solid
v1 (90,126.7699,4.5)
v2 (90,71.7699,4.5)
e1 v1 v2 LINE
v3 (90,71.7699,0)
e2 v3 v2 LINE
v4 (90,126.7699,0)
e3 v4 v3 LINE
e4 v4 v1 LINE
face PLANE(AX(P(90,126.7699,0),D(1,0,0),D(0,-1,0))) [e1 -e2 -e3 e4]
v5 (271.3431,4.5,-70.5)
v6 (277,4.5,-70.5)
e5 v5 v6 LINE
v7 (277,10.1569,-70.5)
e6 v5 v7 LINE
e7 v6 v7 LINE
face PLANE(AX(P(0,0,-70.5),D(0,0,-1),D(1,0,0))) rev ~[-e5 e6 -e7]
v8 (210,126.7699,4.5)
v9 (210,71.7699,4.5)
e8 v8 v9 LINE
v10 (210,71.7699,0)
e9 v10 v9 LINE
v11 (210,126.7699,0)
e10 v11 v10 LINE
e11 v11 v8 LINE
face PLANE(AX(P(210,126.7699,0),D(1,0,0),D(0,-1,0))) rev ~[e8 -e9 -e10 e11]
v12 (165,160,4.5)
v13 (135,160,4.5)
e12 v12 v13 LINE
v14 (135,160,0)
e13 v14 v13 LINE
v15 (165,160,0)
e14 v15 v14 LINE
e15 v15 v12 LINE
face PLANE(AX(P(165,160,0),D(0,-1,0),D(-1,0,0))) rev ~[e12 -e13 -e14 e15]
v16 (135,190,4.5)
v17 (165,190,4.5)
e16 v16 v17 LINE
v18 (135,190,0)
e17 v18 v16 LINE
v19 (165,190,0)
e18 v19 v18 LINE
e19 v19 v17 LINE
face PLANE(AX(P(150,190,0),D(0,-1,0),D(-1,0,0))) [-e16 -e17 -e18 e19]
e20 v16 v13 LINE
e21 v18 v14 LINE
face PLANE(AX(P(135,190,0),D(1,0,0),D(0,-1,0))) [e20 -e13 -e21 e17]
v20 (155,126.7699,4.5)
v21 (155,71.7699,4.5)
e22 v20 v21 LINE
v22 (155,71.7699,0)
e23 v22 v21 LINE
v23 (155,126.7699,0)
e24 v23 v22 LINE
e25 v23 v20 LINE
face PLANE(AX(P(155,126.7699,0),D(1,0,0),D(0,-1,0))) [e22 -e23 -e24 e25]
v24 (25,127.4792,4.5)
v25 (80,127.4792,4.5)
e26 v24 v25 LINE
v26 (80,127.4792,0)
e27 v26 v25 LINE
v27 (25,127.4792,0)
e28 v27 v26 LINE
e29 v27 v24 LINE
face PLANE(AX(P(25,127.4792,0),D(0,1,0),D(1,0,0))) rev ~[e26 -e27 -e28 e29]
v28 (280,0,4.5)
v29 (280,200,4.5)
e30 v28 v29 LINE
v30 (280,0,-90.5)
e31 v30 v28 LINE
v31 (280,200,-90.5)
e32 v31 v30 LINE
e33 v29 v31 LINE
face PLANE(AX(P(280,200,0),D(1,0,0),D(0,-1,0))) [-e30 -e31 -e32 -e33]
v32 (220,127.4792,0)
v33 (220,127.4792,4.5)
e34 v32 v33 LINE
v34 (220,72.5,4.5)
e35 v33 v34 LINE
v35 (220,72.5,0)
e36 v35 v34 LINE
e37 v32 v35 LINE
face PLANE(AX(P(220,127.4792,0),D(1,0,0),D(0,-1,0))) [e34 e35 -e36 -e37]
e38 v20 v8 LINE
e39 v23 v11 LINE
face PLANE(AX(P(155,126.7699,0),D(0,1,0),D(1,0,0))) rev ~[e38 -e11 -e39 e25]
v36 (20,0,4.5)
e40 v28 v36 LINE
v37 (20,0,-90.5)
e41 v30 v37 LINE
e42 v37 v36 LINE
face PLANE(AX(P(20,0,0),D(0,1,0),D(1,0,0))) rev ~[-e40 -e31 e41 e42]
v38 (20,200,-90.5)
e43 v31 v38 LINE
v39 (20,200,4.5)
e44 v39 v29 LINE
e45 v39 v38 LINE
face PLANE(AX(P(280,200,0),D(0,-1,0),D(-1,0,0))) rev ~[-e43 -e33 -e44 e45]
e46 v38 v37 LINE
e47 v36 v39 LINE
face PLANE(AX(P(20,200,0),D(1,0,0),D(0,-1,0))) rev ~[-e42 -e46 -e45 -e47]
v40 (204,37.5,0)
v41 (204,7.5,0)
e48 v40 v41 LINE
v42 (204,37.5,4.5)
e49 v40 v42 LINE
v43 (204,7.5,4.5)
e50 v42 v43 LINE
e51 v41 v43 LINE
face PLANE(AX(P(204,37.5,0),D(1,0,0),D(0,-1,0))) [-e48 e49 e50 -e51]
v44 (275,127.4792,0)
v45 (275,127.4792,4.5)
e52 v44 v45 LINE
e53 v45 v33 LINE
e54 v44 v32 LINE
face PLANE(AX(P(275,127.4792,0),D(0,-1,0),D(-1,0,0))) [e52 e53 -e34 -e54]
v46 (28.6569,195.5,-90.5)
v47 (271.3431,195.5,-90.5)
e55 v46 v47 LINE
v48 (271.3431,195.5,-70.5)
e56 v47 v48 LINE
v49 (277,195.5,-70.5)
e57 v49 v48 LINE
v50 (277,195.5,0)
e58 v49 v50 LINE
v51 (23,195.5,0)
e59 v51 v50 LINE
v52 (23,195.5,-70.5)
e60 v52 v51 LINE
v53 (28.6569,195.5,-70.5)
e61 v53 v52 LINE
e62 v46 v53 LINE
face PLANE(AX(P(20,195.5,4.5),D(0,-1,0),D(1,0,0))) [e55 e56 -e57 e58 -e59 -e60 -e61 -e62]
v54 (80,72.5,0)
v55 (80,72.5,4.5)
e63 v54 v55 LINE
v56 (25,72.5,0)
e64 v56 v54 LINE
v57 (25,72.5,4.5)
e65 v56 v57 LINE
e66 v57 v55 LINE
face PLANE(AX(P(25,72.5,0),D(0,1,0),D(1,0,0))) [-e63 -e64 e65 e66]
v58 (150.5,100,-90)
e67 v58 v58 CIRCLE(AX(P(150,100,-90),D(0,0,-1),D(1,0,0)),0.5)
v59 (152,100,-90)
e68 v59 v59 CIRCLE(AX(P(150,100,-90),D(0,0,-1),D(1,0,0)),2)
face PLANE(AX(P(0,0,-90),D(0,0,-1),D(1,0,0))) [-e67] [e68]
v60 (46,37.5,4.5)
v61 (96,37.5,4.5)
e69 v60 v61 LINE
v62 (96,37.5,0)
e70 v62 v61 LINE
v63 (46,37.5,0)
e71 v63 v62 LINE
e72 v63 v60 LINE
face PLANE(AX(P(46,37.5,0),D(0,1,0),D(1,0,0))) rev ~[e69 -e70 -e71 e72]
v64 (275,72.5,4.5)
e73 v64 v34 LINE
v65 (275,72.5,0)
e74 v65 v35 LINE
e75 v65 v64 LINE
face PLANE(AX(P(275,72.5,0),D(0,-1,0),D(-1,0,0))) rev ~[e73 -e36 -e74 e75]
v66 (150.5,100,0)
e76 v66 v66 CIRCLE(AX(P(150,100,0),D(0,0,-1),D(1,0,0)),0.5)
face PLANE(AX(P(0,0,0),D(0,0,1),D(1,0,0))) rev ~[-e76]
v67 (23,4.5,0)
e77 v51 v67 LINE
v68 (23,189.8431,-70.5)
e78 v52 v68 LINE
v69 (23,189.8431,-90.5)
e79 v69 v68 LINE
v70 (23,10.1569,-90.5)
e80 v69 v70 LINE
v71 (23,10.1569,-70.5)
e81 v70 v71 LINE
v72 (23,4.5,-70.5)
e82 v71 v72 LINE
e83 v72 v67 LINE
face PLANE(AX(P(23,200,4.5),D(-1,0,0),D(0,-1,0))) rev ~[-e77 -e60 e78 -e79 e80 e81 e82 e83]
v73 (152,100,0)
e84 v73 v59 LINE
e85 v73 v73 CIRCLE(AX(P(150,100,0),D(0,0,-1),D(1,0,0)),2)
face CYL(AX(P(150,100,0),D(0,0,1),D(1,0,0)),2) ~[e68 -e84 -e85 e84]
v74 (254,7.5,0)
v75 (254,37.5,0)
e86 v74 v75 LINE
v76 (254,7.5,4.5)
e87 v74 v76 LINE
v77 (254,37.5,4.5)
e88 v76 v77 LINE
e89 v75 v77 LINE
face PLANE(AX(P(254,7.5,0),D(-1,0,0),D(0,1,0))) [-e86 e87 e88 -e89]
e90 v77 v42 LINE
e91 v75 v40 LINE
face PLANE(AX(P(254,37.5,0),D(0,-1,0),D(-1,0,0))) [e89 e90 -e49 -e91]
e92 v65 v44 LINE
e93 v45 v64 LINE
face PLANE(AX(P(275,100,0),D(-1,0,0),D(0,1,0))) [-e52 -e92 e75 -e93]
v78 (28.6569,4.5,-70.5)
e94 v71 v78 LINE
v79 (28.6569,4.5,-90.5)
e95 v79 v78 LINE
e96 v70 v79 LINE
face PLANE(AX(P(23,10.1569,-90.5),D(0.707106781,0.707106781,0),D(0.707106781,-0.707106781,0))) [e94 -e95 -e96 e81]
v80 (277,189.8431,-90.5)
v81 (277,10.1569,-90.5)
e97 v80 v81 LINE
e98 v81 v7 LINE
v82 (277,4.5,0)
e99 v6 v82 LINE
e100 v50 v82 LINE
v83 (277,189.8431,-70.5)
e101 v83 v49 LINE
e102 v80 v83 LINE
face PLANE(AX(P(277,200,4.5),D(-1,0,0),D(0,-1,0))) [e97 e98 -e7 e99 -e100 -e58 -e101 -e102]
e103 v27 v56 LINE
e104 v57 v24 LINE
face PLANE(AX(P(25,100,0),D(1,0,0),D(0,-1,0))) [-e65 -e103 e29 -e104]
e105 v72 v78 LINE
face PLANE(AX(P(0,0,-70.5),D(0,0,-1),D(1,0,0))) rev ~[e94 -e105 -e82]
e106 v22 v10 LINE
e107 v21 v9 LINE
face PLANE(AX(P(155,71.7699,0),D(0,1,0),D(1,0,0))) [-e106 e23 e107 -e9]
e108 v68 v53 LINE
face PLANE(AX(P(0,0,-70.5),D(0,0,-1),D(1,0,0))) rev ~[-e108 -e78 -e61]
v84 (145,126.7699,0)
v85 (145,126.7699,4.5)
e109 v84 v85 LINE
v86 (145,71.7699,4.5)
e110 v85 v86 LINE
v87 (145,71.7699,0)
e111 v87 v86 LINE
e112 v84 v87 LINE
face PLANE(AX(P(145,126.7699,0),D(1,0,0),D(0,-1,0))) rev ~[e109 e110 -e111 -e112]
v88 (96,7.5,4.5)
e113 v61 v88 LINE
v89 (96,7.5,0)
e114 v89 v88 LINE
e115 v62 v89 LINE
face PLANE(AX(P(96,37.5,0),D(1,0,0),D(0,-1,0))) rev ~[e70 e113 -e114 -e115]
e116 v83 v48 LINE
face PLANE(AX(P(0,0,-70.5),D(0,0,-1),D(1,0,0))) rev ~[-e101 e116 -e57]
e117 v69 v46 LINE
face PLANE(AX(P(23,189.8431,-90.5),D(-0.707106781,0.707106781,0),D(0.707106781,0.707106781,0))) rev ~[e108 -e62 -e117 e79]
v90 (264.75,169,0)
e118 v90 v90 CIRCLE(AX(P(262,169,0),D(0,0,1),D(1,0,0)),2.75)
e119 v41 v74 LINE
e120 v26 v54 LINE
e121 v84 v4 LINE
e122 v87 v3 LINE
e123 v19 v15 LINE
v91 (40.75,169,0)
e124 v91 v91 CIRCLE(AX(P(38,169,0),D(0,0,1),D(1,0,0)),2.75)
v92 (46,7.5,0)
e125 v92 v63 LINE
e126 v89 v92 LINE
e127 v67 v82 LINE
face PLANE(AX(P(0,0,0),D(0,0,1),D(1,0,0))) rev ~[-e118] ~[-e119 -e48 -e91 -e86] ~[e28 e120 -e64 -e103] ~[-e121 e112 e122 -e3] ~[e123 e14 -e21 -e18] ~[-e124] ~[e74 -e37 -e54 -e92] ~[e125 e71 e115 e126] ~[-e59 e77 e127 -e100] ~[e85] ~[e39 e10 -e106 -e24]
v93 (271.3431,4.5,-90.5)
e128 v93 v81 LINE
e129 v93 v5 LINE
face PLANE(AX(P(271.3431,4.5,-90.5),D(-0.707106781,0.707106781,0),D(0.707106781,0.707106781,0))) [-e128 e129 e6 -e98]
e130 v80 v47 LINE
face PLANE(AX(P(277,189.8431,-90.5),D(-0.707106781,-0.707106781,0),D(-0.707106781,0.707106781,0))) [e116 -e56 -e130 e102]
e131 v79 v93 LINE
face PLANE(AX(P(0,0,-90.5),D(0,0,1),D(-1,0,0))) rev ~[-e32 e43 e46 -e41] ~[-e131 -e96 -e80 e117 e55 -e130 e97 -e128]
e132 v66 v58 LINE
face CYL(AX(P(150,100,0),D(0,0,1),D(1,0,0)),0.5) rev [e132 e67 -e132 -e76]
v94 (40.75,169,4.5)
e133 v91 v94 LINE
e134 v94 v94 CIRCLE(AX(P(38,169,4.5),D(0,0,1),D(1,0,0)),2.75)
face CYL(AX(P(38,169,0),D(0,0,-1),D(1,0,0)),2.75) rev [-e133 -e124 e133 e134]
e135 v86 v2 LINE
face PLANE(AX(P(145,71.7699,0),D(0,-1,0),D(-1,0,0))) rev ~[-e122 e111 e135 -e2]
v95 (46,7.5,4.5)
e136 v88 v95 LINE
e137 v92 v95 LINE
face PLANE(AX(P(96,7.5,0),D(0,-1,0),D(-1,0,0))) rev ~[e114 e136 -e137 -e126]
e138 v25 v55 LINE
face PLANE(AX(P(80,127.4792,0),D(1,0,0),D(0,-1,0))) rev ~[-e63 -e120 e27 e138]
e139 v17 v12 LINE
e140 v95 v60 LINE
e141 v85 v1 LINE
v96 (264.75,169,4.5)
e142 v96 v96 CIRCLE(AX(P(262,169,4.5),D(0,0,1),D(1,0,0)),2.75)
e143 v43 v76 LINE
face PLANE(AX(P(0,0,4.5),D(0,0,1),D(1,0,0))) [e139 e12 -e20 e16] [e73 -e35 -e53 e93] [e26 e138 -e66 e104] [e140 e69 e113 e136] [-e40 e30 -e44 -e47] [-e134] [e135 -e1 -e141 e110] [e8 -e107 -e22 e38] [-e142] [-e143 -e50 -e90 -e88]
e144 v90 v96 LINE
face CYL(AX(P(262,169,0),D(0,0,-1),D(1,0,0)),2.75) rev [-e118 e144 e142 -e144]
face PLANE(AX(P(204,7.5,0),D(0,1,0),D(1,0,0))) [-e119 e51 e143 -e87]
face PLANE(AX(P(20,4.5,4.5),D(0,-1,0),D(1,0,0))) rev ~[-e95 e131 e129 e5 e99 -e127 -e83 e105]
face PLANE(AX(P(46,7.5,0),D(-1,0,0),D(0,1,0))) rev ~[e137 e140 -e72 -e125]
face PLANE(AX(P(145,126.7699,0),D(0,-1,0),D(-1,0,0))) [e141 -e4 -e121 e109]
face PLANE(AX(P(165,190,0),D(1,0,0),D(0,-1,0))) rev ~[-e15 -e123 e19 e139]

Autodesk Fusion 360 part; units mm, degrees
sketch "Sketch1" plane through (0, 0, 0) normal (0, 0, 1) x (1, 0, 0)
  line L0 (0, -35) -> (0, -33.2289) construction
  line L1 (0, -33.2289) -> (0, 259.056) construction
  line L2 (-97.9811, 0) -> (484.4158, 0) construction
  line L3 (0, 0) -> (300, 0)
  line L4 (300, 0) -> (300, 200)
  line L5 (300, 200) -> (0, 200)
  line L6 (0, 200) -> (0, 0)
  line L7 (-60, 100) -> (400, 100) construction
  line L8 (25, 100) -> (25, 127.4792)
  line L9 (25, 100) -> (25, 72.5)
  line L10 (25, 127.4792) -> (80, 127.4792)
  line L11 (25, 72.5) -> (80, 72.5)
  line L12 (80, 127.4792) -> (80, 72.5)
  line L13 (21.5, 100) -> (21.5, 131) construction
  line L14 (21.5, 131) -> (83.5, 131) construction
  line L15 (21.4997, 69) -> (83.5, 69) construction
  circle A0 centre (52.5, 100) radius 31 construction
  circle A1 centre (52.5, 100) radius 27.5 construction
  line L16 (83.5, 131) -> (83.5, 69) construction
  line L17 (290, 69) -> (228, 69) construction
  line L18 (290, 100) -> (290, 69) construction
  line L19 (290, 100) -> (290, 131) construction
  line L20 (290, 131) -> (228, 131) construction
  line L21 (228, 131) -> (228, 69) construction
  line L22 (145, 126.7699) -> (90, 126.7699)
  line L23 (146, 151.2972) -> (93.5, 114.6946) construction
  line L24 (93.5, 114.6946) -> (93.5, 69) construction
  line L25 (146, 69) -> (93.5, 69) construction
  line L26 (146, 100) -> (146, 69) construction
  line L27 (146, 100) -> (146, 151.2972) construction
  line L28 (145, 71.7699) -> (90, 71.7699)
  line L29 (90, 126.7699) -> (90, 71.7699)
  line L30 (156, 131) -> (218, 131) construction
  line L31 (218, 131) -> (218, 69) construction
  line L32 (156, 100) -> (156, 131) construction
  line L33 (156, 100) -> (156, 69) construction
  line L34 (156, 69) -> (218, 69) construction
  line L35 (46, 37.5) -> (96, 37.5)
  line L36 (96, 7.5) -> (46, 7.5)
  line L37 (46, 7.5) -> (46, 37.5)
  line L38 (96, 37.5) -> (96, 7.5)
  line L39 (94, 6) -> (44, 6) construction
  line L40 (44, 6) -> (44, 39) construction
  line L41 (44, 39) -> (94, 39) construction
  line L42 (94, 39) -> (94, 6) construction
  line L43 (94, 6) -> (44, 39) construction
  line L44 (44, 6) -> (94, 39) construction
  line L45 (254, 37.5) -> (204, 37.5)
  line L46 (254, 7.5) -> (254, 37.5)
  line L47 (204, 7.5) -> (254, 7.5)
  line L48 (204, 37.5) -> (204, 7.5)
  circle A2 centre (38, 169) radius 2.75
  circle A3 centre (262, 169) radius 2.75
  line L49 (150, 200) -> (150, 0) construction
  line L50 (145, 126.7699) -> (145, 71.7699)
  line L51 (150, 190) -> (135, 190)
  line L52 (150, 190) -> (165, 190)
  line L53 (135, 190) -> (135, 160)
  line L54 (165, 190) -> (165, 160)
  line L55 (165, 160) -> (135, 160)
  line L56 (155, 126.7699) -> (155, 71.7699)
  line L57 (155, 126.7699) -> (210, 126.7699)
  line L58 (155, 71.7699) -> (210, 71.7699)
  line L59 (210, 126.7699) -> (210, 71.7699)
  line L60 (220, 127.4792) -> (220, 72.5)
  line L61 (275, 127.4792) -> (220, 127.4792)
  line L62 (275, 100) -> (275, 127.4792)
  line L63 (275, 100) -> (275, 72.5)
  line L64 (275, 72.5) -> (220, 72.5)
  line L65 (280, 200) -> (280, 0)
  line L66 (20, 200) -> (20, 0)
  point P0 (69, 22.5)
  dimension "d1" = 300
  dimension "d2" = 200
  dimension "d9" = 27.5
  dimension "d12" = 31
  dimension "d13" = 31
  dimension "d14" = 62
  dimension "d15" = 62
  dimension "d17" = 62
  dimension "d18" = 55
  dimension "d31" = 50
  dimension "d32" = 30
  dimension "d37" = 50
  dimension "d38" = 33
  dimension "d39" = 46
  dimension "d40" = 30
  dimension "d41" = 31.5
  dimension "d42" = 5.5
  dimension "d43" = 38
  dimension "d44" = 38
  dimension "d54" = 10
  dimension "d55" = 4
  dimension "d56" = 64
  dimension "d57" = 55
  dimension "d62" = 55
  dimension "d64" = 55
  dimension "d65" = 90
  dimension "d66" = 90
  dimension "d67" = 90
  dimension "d68" = 90
  dimension "d69" = 10
  dimension "d70" = 5
  dimension "d71" = 15
  dimension "d72" = 15
  dimension "d73" = 30
  dimension "d74" = 46
  dimension "d75" = 50
  dimension "d76" = 30
  dimension "d79" = 20
  dimension "d80" = 20
sketch "Sketch2" plane through (0, 0, 5) normal (0, 0, 1) x (-1, 0, 0)
  line L0 (-145, -71.7699) -> (-90, -71.7699)
  line L1 (-90, -71.7699) -> (-90, -126.7699)
  line L2 (-90, -126.7699) -> (-145, -126.7699)
  circle A0 centre (-38, -169) radius 2.75
  circle A1 centre (-262, -169) radius 2.75
  line L3 (-204, -7.5) -> (-204, -37.5)
  line L4 (-204, -37.5) -> (-254, -37.5)
  line L5 (-254, -37.5) -> (-254, -7.5)
  line L6 (-254, -7.5) -> (-204, -7.5)
  line L7 (-46, -37.5) -> (-96, -37.5)
  line L8 (-96, -37.5) -> (-96, -7.5)
  line L9 (-96, -7.5) -> (-46, -7.5)
  line L10 (-46, -7.5) -> (-46, -37.5)
  line L11 (-25, -72.5) -> (-25, -127.4792)
  line L12 (-25, -127.4792) -> (-80, -127.4792)
  line L13 (-80, -127.4792) -> (-80, -72.5)
  line L14 (-80, -72.5) -> (-25, -72.5)
  line L15 (0, -200) -> (0, 0)
  line L16 (0, 0) -> (-300, 0)
  line L17 (-300, 0) -> (-300, -200)
  line L18 (-300, -200) -> (0, -200)
  line L19 (0, -200) -> (0, 0)
  line L20 (-1, -200) -> (-1, 0)
  line L21 (-299, -200) -> (-299, 0)
  line L22 (-300, -200) -> (-300, 0)
  line L23 (-299, -200) -> (-300, -200)
  line L24 (-300, 0) -> (-299, 0)
  line L25 (-1, 0) -> (0, 0)
  line L26 (0, -200) -> (-1, -200)
  line L27 (-145, -126.7699) -> (-145, -71.7699)
  dimension "d49" = 1
  dimension "d50" = 1
sketch "Sketch5" plane through (0, 0, 0) normal (0, 0, 1) x (1, 0, 0)
  line L0 (20, 200) -> (20, 0)
  line L1 (0, -33.2289) -> (0, 259.056)
  line L2 (280, 200) -> (280, 0)
  line L3 (300, 0) -> (300, 200)
  dimension "d77" = 20
  dimension "d78" = 20
extrude "Extrude4" add sketch "Sketch1" along normal blind 4.5 contours L3 L5 L65 L66
sketch "Sketch6" plane through (0, 0, 4.5) normal (0, 0, 1) x (-1, 0, 0)
  circle A0 centre (-262, -169) radius 2.75
  line L0 (-90, -71.7699) -> (-90, -126.7699)
  line L1 (-90, -126.7699) -> (-145, -126.7699)
  line L2 (-145, -126.7699) -> (-145, -71.7699)
  line L3 (-145, -71.7699) -> (-90, -71.7699)
  line L4 (-25, -72.5) -> (-25, -127.4792)
  line L5 (-25, -127.4792) -> (-80, -127.4792)
  line L6 (-80, -127.4792) -> (-80, -72.5)
  line L7 (-80, -72.5) -> (-25, -72.5)
  line L8 (-46, -37.5) -> (-96, -37.5)
  line L9 (-96, -37.5) -> (-96, -7.5)
  line L10 (-96, -7.5) -> (-46, -7.5)
  line L11 (-46, -7.5) -> (-46, -37.5)
  line L12 (-204, -7.5) -> (-204, -37.5)
  line L13 (-204, -37.5) -> (-254, -37.5)
  line L14 (-254, -37.5) -> (-254, -7.5)
  line L15 (-254, -7.5) -> (-204, -7.5)
  line L16 (-135, -190) -> (-165, -190)
  line L17 (-165, -190) -> (-165, -160)
  line L18 (-165, -160) -> (-135, -160)
  line L19 (-135, -160) -> (-135, -190)
  circle A1 centre (-38, -169) radius 2.75
  line L20 (-155, -71.7699) -> (-155, -126.7699)
  line L21 (-155, -126.7699) -> (-210, -126.7699)
  line L22 (-210, -126.7699) -> (-210, -71.7699)
  line L23 (-210, -71.7699) -> (-155, -71.7699)
  line L24 (-275, -127.4792) -> (-275, -72.5)
  line L25 (-275, -72.5) -> (-220, -72.5)
  line L26 (-220, -72.5) -> (-220, -127.4792)
  line L27 (-220, -127.4792) -> (-275, -127.4792)
  line L28 (-280, -200) -> (-20, -200)
  line L29 (-20, -200) -> (-20, 0)
  line L30 (-20, 0) -> (-280, 0)
  line L31 (-280, 0) -> (-280, -200)
  line L32 (-23, -200) -> (-23, 0)
  line L33 (-277, -200) -> (-277, 0)
  line L34 (-23, -200) -> (-20, -200)
  line L35 (-20, -200) -> (-20, 0)
  line L36 (-23, 0) -> (-20, 0)
  line L37 (-277, 0) -> (-280, 0)
  line L38 (-280, 0) -> (-280, -200)
  line L39 (-277, -200) -> (-280, -200)
  dimension "d83" = 3
  dimension "d84" = 3
extrude "Extrude5" add sketch "Sketch6" against normal blind 95 contours L28 L30 L31 L33 L37 L38 L39 | L28 L29 L30 L32 L34 L35 L36
sketch "Sketch7" plane through (0, 0, 4.5) normal (0, 0, 1) x (-1, 0, 0)
  line L0 (-20, 0) -> (-280, 0)
  line L1 (-280, 0) -> (-280, -200)
  line L2 (-280, -200) -> (-20, -200)
  line L3 (-20, -200) -> (-20, 0)
  circle A0 centre (-262, -169) radius 2.75
  line L4 (-90, -71.7699) -> (-90, -126.7699)
  line L5 (-90, -126.7699) -> (-145, -126.7699)
  line L6 (-145, -126.7699) -> (-145, -71.7699)
  line L7 (-145, -71.7699) -> (-90, -71.7699)
  line L8 (-25, -72.5) -> (-25, -127.4792)
  line L9 (-25, -127.4792) -> (-80, -127.4792)
  line L10 (-80, -127.4792) -> (-80, -72.5)
  line L11 (-80, -72.5) -> (-25, -72.5)
  line L12 (-46, -37.5) -> (-96, -37.5)
  line L13 (-96, -37.5) -> (-96, -7.5)
  line L14 (-96, -7.5) -> (-46, -7.5)
  line L15 (-46, -7.5) -> (-46, -37.5)
  line L16 (-204, -7.5) -> (-204, -37.5)
  line L17 (-204, -37.5) -> (-254, -37.5)
  line L18 (-254, -37.5) -> (-254, -7.5)
  line L19 (-254, -7.5) -> (-204, -7.5)
  line L20 (-135, -190) -> (-165, -190)
  line L21 (-165, -190) -> (-165, -160)
  line L22 (-165, -160) -> (-135, -160)
  line L23 (-135, -160) -> (-135, -190)
  circle A1 centre (-38, -169) radius 2.75
  line L24 (-155, -71.7699) -> (-155, -126.7699)
  line L25 (-155, -126.7699) -> (-210, -126.7699)
  line L26 (-210, -126.7699) -> (-210, -71.7699)
  line L27 (-210, -71.7699) -> (-155, -71.7699)
  line L28 (-275, -127.4792) -> (-275, -72.5)
  line L29 (-275, -72.5) -> (-220, -72.5)
  line L30 (-220, -72.5) -> (-220, -127.4792)
  line L31 (-220, -127.4792) -> (-275, -127.4792)
  line L32 (-20, -4.5) -> (-280, -4.5)
  line L33 (-20, -195.5) -> (-280, -195.5)
  line L34 (-280, -195.5) -> (-280, -200)
  line L35 (-280, -200) -> (-20, -200)
  line L36 (-20, -195.5) -> (-20, -200)
  line L37 (-20, -4.5) -> (-20, 0)
  line L38 (-20, 0) -> (-280, 0)
  line L39 (-280, 0) -> (-280, -4.5)
  dimension "d87" = 4.5
  dimension "d88" = 4.5
extrude "Extrude6" add sketch "Sketch7" against normal blind 95 contours L0 L1 L3 L32 L37 L38 L39 | L1 L2 L3 L33 L34 L35 L36
sketch "Sketch8" plane through (0, 0, 0) normal (0, 0, -1) x (1, 0, 0)
  line L0 (275, -72.5) -> (275, -127.4792)
  line L1 (275, -127.4792) -> (220, -127.4792)
  line L2 (220, -127.4792) -> (220, -72.5)
  line L3 (220, -72.5) -> (275, -72.5)
  line L4 (155, -126.7699) -> (155, -71.7699)
  line L5 (155, -71.7699) -> (210, -71.7699)
  line L6 (210, -71.7699) -> (210, -126.7699)
  line L7 (210, -126.7699) -> (155, -126.7699)
  circle A0 centre (38, -169) radius 2.75
  line L8 (165, -190) -> (135, -190)
  line L9 (135, -190) -> (135, -160)
  line L10 (135, -160) -> (165, -160)
  line L11 (165, -160) -> (165, -190)
  line L12 (204, -37.5) -> (204, -7.5)
  line L13 (204, -7.5) -> (254, -7.5)
  line L14 (254, -7.5) -> (254, -37.5)
  line L15 (254, -37.5) -> (204, -37.5)
  line L16 (96, -37.5) -> (46, -37.5)
  line L17 (46, -37.5) -> (46, -7.5)
  line L18 (46, -7.5) -> (96, -7.5)
  line L19 (96, -7.5) -> (96, -37.5)
  line L20 (25, -127.4792) -> (25, -72.5)
  line L21 (25, -72.5) -> (80, -72.5)
  line L22 (80, -72.5) -> (80, -127.4792)
  line L23 (80, -127.4792) -> (25, -127.4792)
  line L24 (90, -126.7699) -> (90, -71.7699)
  line L25 (90, -71.7699) -> (145, -71.7699)
  line L26 (145, -71.7699) -> (145, -126.7699)
  line L27 (145, -126.7699) -> (90, -126.7699)
  circle A1 centre (262, -169) radius 2.75
  line L28 (277, -4.5) -> (23, -4.5)
  line L29 (23, -4.5) -> (23, -195.5)
  line L30 (23, -195.5) -> (277, -195.5)
  line L31 (277, -195.5) -> (277, -4.5)
  circle A2 centre (150, -100) radius 2
  circle A3 centre (150, -100) radius 0.5
  dimension "d91" = 1
extrude "Extrude7" add sketch "Sketch8" along normal blind 90 contours A2
sketch "Sketch9" plane through (0, 0, -90.5) normal (0, 0, -1) x (1, 0, 0)
  line L0 (277, -4.5) -> (277, -195.5)
  line L1 (277, -195.5) -> (23, -195.5)
  line L2 (23, -195.5) -> (23, -4.5)
  line L3 (23, -4.5) -> (277, -4.5)
  line L4 (280, 0) -> (20, 0)
  line L5 (20, 0) -> (20, -200)
  line L6 (20, -200) -> (280, -200)
  line L7 (280, -200) -> (280, 0)
  line L8 (271.3431, -4.5) -> (277, -10.1569)
  line L9 (23, -189.8431) -> (28.6569, -195.5)
  line L10 (23, -10.1569) -> (28.6569, -4.5)
  line L11 (277, -189.8431) -> (271.3431, -195.5)
  dimension "d94" = 45
  dimension "d96" = 45
  dimension "d98" = 45
  dimension "d99" = 45
  dimension "d100" = 45
  dimension "d101" = 8
  dimension "d102" = 8
  dimension "d104" = 8
  dimension "d105" = 8
extrude "Extrude8" add sketch "Sketch9" against normal blind 20 contours L0 L3 L8 | L0 L1 L11 | L2 L3 L10 | L1 L2 L9
